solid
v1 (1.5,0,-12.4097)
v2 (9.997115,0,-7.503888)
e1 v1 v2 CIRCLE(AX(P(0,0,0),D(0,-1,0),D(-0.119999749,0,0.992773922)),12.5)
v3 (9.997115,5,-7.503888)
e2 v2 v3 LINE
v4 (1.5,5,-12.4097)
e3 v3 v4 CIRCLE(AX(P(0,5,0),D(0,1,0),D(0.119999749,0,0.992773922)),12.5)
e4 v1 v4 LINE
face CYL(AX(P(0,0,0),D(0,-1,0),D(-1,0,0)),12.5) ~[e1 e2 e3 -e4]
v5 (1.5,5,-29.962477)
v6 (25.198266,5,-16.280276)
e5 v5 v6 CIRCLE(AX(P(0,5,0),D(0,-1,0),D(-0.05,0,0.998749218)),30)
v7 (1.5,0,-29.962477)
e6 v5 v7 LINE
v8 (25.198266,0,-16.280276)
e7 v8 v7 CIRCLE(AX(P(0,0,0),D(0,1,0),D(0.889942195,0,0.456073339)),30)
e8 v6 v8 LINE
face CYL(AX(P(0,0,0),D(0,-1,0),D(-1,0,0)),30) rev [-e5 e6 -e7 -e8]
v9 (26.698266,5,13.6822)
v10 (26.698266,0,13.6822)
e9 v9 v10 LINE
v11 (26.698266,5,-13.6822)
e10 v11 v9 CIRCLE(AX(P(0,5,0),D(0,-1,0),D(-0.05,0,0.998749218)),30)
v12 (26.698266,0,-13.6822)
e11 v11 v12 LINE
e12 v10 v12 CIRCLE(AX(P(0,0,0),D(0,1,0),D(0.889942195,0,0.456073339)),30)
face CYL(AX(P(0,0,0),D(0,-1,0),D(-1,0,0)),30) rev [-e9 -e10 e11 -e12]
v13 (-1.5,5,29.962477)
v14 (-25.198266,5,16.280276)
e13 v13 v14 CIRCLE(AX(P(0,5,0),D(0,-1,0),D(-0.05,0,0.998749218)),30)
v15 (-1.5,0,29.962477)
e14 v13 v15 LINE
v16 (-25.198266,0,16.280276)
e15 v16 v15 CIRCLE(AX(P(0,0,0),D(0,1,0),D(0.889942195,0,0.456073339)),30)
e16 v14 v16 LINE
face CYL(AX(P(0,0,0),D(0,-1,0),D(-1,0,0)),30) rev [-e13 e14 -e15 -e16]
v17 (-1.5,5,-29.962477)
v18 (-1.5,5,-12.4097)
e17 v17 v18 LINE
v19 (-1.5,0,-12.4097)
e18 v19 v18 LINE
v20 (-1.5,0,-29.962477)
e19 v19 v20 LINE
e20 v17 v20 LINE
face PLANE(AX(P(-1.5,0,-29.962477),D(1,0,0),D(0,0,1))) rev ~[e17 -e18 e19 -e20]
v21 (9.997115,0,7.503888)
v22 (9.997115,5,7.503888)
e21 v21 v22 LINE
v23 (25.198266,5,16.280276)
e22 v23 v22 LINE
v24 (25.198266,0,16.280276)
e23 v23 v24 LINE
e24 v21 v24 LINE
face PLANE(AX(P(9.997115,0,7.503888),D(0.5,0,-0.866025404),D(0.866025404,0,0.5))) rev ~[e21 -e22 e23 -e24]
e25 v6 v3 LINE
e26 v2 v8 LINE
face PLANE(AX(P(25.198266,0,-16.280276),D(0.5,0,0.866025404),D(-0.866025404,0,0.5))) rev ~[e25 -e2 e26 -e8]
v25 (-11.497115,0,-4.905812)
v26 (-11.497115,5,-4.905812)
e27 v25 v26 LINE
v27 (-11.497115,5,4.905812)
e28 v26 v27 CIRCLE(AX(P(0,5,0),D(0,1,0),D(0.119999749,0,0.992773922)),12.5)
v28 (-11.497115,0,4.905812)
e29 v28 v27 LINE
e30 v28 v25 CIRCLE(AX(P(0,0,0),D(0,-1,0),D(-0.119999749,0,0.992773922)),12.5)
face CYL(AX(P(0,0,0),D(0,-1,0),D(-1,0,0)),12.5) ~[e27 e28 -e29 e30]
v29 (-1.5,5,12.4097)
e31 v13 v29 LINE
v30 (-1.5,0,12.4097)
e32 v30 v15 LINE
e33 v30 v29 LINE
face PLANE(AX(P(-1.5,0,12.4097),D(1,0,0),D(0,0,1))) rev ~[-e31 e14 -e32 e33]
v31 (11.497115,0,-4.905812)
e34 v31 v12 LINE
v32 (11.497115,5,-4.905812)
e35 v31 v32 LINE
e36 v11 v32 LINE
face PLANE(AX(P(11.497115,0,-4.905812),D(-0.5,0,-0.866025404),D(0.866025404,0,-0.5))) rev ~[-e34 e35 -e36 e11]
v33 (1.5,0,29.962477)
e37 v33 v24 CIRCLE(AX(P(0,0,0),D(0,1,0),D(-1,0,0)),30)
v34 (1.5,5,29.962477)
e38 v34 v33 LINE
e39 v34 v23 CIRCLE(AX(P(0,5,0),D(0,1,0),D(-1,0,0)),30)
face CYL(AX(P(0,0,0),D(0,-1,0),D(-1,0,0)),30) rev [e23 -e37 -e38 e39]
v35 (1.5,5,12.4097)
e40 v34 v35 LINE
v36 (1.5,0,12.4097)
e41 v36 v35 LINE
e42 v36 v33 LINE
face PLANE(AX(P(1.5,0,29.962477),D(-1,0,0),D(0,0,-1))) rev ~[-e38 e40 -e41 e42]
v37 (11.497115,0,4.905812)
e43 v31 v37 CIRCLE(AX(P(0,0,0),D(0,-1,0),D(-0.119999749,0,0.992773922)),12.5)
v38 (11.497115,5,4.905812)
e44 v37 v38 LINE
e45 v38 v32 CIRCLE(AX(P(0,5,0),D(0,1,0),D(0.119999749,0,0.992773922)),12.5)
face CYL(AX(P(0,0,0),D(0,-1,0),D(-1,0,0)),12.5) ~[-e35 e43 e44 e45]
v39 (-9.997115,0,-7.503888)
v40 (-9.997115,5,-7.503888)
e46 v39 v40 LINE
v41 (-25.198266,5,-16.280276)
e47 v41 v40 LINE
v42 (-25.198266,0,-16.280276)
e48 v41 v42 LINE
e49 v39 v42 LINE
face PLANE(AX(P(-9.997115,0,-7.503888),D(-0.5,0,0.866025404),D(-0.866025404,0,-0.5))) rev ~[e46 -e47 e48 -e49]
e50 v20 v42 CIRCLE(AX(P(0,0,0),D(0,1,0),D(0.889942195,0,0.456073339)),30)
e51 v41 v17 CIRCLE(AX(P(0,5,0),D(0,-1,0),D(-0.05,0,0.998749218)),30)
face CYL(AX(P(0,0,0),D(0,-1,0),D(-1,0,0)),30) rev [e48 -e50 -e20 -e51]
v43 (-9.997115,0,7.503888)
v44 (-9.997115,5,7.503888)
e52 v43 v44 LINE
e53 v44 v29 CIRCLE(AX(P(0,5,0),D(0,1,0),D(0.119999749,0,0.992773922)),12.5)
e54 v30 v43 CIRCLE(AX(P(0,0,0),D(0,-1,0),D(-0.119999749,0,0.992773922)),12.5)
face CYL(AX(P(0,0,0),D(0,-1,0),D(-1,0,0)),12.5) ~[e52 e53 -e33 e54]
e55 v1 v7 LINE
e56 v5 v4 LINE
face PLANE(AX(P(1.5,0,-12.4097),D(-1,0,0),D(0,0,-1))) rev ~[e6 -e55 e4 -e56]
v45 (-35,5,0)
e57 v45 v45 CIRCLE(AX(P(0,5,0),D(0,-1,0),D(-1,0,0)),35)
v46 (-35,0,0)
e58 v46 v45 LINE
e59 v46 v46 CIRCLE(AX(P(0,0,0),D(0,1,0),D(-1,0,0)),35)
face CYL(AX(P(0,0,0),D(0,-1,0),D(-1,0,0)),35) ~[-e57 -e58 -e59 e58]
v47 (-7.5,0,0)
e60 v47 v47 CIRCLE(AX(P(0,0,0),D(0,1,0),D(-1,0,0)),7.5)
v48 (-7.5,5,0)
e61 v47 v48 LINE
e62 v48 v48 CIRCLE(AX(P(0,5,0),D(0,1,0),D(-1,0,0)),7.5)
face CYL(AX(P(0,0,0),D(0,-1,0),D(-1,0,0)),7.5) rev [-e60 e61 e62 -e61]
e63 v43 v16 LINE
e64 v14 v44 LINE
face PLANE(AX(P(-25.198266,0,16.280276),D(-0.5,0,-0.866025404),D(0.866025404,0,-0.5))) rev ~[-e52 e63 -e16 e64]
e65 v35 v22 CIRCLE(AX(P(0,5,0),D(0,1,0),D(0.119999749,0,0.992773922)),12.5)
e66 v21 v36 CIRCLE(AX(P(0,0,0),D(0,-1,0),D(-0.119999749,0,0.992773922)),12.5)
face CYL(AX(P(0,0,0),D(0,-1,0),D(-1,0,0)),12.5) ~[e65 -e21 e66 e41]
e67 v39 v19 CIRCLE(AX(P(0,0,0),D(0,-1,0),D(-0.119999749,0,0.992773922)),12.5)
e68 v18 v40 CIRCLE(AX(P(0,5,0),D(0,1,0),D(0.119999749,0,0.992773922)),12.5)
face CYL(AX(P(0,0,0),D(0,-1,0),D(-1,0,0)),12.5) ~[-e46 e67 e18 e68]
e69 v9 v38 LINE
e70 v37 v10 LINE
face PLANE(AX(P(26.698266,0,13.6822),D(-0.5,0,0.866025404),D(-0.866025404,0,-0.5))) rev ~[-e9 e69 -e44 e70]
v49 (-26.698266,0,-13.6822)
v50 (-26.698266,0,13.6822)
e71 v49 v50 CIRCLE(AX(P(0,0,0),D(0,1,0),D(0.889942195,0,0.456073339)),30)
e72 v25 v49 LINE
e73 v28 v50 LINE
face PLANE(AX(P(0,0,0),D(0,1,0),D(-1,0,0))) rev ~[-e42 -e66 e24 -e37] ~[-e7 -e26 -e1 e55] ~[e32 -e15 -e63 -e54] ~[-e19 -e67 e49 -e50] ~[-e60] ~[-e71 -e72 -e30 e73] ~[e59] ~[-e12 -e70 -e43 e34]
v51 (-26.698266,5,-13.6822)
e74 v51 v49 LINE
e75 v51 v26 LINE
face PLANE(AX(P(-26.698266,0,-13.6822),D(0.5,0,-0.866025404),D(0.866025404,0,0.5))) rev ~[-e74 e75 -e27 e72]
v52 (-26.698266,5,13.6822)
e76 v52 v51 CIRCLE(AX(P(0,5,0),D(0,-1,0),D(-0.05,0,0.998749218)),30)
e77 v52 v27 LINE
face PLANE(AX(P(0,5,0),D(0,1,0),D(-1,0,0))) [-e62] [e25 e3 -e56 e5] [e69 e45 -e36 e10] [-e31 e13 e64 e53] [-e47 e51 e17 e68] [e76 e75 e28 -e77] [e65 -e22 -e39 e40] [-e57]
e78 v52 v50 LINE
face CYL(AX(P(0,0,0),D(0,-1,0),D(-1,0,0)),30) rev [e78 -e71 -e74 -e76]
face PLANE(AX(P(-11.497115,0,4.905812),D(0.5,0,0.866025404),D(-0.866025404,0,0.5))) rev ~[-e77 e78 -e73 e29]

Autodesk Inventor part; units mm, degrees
ref_plane "YZ Plane" through (0, 0, 0) normal (1, 0, 0) x (0, 1, 0)
ref_plane "XZ Plane" through (0, 0, 0) normal (0, 1, 0) x (-1, 0, 0)
ref_plane "XY Plane" through (0, 0, 0) normal (0, 0, 1) x (1, 0, 0)
sketch "스케치1" plane through (0, 0, 0) normal (0, 1, 0) x (-1, 0, 0)
  circle A0 centre (0, 0) radius 35
  circle A1 centre (0, 0) radius 7.5
  circle A2 centre (0, 0) radius 12.5
  circle A3 centre (0, 0) radius 30
  dimension "d0" = 70
  dimension "d1" = 15
  dimension "d2" = 25
  dimension "d3" = 60
extrude "돌출1" add sketch "스케치1" along normal blind 5
sketch "스케치2" plane through (0, 0, 0) normal (0, -1, 0) x (1, 0, 0)
  line L0 (-10.8253, 6.25) -> (-25.9808, 15)
  circle A0 centre (0, 0) radius 30 projected
  circle A1 centre (0, 0) radius 7.5 projected
  circle A2 centre (0, 0) radius 7.5 projected
  circle A3 centre (0, 0) radius 12.5 projected
  circle A4 centre (0, 0) radius 12.5 projected
  line L1 (0, 12.5) -> (0, 30)
  line L2 (10.8253, 6.25) -> (25.9808, 15)
  line L3 (10.8253, -6.25) -> (25.9808, -15)
  line L4 (0, -12.5) -> (0, -30)
  line L5 (-10.8253, -6.25) -> (-25.9808, -15)
  line L6 (-1.5, 34.9678) -> (1.5, 34.9678)
  line L7 (1.5, 34.9678) -> (1.5, 12.4097)
  line L8 (1.5, 12.4097) -> (-1.5, 12.4097)
  line L9 (-1.5, 12.4097) -> (-1.5, 34.9678)
  circle A5 centre (0, 0) radius 35 projected
  dimension "d10" = 3
  dimension "d11" = 1.5
extrude "돌출2" add sketch "스케치2" against normal blind 5 contours L9 A0 L1 A3 | L9 L6 L7 A0 | L1 A0 L7 A3
pattern_circular "원형 패턴1" count 6 over 360 about axis through (0, 0, 0) along (0, 1, 0) of "돌출2"
sketch "스케치3" plane through (-26.6983, 0, -13.6822) normal (-0.5, 0, 0.866) x (0.866, 0, 0.5)
  line L0 (64.9625, 3.1) -> (-5.0375, 3.1) projected
  line L1 (-5.0375, 1.9) -> (64.9625, 1.9) projected
  point P0 (29.9625, 0)
  dimension "d18" = 1.2
sketch "스케치6" plane through (-25.1983, 0, 16.2803) normal (0.5, 0, 0.866) x (0.866, 0, -0.5)
  line L0 (0, 0) -> (0, 5) projected
  line L1 (17.5528, 0) -> (0, 0) projected
  line L2 (17.5528, 5) -> (17.5528, 0) projected
  line L3 (0, 5) -> (17.5528, 5) projected
  point P0 (29.9625, 0)
properties part number "앞바퀴"
